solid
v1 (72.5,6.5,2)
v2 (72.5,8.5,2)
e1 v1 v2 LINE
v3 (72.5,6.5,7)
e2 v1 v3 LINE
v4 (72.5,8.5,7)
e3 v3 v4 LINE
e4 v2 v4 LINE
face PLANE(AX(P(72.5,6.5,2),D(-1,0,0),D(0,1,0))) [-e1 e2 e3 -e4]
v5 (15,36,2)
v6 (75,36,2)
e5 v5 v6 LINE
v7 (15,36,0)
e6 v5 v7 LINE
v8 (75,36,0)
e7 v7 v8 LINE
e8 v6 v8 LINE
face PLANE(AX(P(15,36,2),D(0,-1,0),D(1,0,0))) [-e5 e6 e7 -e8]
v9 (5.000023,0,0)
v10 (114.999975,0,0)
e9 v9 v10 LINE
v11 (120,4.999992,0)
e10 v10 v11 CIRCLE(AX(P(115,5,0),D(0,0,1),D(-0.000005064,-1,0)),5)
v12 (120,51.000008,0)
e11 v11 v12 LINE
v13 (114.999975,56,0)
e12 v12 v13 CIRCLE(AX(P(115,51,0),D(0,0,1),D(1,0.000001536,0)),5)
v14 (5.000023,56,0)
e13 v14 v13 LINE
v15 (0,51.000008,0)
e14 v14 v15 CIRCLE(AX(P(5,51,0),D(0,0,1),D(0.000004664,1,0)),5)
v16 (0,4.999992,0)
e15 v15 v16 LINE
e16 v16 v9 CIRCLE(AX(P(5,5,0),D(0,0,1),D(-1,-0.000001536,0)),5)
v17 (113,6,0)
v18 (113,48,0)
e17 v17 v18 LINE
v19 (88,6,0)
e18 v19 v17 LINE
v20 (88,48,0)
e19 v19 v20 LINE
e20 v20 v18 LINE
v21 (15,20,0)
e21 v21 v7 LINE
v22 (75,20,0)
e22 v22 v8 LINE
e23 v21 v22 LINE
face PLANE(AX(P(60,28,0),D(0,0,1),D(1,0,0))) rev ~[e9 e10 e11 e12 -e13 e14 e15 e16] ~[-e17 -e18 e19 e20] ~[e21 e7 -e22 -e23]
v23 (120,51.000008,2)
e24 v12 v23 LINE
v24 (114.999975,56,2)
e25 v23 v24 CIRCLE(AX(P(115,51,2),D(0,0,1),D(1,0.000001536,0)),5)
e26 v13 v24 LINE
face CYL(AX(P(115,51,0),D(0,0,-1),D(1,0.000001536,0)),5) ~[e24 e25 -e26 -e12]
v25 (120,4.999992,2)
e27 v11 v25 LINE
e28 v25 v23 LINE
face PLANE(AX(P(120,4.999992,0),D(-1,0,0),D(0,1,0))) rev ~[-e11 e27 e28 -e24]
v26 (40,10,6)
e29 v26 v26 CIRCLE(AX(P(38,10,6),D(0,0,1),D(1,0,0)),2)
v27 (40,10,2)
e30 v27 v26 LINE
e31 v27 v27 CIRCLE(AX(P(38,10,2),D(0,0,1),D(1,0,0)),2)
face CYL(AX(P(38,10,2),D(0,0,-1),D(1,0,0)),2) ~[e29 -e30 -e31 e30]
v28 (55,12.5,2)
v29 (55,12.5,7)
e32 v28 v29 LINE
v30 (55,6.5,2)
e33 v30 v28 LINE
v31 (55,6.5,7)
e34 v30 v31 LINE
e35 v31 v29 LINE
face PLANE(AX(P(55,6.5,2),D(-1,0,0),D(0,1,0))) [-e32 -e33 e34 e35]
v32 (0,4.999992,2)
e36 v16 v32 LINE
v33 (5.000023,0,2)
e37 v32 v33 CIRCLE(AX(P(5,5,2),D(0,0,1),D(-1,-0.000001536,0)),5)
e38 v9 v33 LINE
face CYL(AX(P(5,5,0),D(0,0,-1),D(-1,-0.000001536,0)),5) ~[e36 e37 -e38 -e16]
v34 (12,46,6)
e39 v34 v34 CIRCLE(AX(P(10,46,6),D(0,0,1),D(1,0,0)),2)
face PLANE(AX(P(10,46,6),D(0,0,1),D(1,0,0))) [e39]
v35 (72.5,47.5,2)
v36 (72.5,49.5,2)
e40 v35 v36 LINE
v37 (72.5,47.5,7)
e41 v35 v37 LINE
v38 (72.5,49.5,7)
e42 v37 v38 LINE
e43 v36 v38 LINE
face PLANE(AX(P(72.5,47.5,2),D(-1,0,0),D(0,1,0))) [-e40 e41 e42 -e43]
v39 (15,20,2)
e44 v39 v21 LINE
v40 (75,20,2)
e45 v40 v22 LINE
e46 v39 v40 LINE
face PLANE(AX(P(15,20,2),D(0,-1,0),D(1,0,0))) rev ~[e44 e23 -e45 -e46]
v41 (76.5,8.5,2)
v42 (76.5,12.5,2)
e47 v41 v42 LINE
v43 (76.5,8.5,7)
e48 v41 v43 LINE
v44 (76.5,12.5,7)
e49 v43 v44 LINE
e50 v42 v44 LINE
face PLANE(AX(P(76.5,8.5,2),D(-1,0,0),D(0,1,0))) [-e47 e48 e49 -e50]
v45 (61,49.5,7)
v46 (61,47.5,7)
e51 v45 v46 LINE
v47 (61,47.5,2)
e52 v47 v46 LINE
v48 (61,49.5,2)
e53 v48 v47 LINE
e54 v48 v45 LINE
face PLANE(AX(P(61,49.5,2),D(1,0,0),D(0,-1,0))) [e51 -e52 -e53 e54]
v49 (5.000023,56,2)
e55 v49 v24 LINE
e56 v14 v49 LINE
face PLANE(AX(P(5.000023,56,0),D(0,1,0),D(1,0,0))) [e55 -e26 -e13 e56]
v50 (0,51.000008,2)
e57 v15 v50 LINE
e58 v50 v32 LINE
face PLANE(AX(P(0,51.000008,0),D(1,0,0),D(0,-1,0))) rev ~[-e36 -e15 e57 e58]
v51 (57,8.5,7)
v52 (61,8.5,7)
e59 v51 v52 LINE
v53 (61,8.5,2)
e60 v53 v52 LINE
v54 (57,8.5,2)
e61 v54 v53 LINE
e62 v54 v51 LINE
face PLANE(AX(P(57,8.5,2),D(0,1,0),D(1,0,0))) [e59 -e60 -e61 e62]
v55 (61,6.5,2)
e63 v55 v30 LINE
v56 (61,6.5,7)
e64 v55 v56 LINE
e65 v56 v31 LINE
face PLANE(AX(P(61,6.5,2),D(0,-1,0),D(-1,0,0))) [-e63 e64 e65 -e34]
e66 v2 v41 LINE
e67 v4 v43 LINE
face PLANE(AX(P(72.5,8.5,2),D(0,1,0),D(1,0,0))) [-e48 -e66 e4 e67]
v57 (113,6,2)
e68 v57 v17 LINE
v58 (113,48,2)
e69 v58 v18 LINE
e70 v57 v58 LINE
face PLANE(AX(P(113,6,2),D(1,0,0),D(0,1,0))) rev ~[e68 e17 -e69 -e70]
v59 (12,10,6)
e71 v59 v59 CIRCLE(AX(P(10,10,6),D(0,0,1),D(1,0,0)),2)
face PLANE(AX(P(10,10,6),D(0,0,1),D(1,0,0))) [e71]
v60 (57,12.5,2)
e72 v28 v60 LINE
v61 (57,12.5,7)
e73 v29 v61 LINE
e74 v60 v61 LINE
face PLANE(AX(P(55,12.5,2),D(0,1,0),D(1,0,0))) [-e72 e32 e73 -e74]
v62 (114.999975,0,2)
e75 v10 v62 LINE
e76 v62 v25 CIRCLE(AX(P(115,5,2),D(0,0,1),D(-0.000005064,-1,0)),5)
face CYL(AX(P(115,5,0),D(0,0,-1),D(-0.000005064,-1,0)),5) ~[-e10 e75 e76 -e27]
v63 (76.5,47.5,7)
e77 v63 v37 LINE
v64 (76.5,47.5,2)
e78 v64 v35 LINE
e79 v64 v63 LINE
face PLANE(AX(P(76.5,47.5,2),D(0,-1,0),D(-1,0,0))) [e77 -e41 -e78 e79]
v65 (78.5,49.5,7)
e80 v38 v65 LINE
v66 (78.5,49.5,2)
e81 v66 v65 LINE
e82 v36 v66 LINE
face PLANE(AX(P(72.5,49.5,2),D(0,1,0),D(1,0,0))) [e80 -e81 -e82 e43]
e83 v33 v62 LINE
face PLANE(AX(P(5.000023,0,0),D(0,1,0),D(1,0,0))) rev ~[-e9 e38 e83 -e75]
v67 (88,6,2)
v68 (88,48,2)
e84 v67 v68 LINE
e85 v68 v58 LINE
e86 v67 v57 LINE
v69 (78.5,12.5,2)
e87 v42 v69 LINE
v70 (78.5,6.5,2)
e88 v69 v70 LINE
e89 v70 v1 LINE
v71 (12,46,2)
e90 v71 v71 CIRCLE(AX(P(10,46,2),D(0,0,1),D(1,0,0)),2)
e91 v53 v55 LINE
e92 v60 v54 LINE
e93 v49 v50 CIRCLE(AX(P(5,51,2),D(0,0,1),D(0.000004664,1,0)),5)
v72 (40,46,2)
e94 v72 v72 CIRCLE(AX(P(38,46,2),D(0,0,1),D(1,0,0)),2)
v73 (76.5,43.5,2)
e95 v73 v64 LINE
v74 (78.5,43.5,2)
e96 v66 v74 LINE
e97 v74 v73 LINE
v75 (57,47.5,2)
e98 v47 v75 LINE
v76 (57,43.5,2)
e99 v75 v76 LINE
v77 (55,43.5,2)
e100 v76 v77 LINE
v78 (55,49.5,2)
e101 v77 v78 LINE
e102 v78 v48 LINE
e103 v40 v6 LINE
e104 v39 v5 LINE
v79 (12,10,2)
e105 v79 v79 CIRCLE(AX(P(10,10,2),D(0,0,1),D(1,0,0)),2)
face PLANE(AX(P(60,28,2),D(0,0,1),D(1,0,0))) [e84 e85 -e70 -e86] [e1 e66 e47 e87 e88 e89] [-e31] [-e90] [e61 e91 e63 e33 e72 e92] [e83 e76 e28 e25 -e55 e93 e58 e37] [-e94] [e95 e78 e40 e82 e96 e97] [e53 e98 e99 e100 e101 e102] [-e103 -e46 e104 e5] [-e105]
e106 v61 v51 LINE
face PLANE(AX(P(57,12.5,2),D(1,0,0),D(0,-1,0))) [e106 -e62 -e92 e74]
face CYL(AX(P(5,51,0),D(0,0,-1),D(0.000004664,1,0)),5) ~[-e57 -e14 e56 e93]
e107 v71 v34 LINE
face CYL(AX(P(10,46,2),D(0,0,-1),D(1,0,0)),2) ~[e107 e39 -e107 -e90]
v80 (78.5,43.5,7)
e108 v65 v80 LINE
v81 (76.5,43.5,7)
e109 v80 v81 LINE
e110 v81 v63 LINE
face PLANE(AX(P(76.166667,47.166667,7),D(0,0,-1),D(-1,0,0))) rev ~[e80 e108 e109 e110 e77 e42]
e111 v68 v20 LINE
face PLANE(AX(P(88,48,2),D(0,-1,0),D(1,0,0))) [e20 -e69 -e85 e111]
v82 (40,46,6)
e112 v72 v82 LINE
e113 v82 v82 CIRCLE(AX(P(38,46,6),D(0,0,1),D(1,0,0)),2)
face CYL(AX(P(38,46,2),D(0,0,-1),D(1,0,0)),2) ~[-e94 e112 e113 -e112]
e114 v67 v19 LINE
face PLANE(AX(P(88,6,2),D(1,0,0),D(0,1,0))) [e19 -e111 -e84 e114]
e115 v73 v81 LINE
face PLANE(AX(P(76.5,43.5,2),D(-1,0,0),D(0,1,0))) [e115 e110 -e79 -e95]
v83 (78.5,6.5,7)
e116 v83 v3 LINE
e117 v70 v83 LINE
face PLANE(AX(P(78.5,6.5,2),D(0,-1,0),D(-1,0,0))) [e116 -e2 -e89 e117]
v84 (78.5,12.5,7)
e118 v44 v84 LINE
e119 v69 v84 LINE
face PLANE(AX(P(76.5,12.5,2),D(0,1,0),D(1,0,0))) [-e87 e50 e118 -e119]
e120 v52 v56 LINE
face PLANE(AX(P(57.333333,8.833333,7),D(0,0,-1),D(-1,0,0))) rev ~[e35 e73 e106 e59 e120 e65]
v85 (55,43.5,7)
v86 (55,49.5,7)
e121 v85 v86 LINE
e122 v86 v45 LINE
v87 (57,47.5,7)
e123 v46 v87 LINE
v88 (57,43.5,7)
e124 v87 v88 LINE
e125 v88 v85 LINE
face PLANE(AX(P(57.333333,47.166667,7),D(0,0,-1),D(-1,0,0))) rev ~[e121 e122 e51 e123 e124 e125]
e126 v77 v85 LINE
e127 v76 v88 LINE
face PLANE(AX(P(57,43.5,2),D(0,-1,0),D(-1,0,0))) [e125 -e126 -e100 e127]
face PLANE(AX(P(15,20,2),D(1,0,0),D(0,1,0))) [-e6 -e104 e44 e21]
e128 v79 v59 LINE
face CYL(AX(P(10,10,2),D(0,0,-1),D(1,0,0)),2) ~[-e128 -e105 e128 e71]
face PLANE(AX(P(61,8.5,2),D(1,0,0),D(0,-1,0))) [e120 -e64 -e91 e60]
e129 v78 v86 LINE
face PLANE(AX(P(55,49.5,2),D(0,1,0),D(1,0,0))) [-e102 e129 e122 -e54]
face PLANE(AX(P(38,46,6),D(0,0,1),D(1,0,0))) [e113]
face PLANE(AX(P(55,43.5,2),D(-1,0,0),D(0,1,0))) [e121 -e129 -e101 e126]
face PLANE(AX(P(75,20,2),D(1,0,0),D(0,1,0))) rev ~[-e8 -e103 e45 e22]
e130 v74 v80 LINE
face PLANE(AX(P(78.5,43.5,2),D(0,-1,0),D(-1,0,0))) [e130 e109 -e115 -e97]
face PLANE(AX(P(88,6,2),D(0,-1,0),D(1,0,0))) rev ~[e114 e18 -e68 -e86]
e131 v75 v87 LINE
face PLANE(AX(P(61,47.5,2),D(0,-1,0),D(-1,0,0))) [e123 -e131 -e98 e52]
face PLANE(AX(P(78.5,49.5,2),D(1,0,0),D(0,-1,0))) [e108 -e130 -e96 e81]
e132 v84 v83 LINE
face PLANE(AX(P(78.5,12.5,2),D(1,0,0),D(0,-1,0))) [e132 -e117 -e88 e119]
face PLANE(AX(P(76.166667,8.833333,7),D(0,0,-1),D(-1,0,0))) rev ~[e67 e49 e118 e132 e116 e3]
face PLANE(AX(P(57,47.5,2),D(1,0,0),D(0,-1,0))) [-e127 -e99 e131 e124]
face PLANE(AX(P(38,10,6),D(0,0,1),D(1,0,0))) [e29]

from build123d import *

# Parameters (mm, degrees)
PAD_DEPTH     = 2
SKETCH001_R   = 2
PAD001_DEPTH  = 4
PAD002_DEPTH  = 5
SKETCH003_W   = 60
SKETCH003_H   = 16
SKETCH003_W_2 = 25
SKETCH003_H_2 = 42
POCKET_DEPTH  = 2


with BuildPart() as part:
    # Sketch → Pad (new body)
    with BuildSketch(Plane.XY):
        with BuildLine():
            Line((5.000023, 0), (114.999975, 0))
            ThreePointArc((114.999975, 0), (118.535523, 1.464455), (120, 4.999992))
            Line((120, 4.999992), (120, 51.000008))
            ThreePointArc((120, 51.000008), (118.535523, 54.535545), (114.999975, 56))
            Line((5.000023, 56), (114.999975, 56))
            ThreePointArc((5.000023, 56), (1.464477, 54.535545), (0, 51.000008))
            Line((0, 51.000008), (0, 4.999992))
            ThreePointArc((0, 4.999992), (1.464477, 1.464455), (5.000023, 0))
        make_face()
    extrude(amount=PAD_DEPTH)

    # Sketch001 → Pad001 (new body)
    with BuildSketch(Plane.XY.offset(2)):
        with Locations((10, 46)):
            Circle(SKETCH001_R)
        with Locations((38, 46)):
            Circle(SKETCH001_R)
        with Locations((10, 10)):
            Circle(SKETCH001_R)
        with Locations((38, 10)):
            Circle(SKETCH001_R)
    extrude(amount=PAD001_DEPTH)

    # Sketch002 → Pad002 (new body)
    with BuildSketch(Plane.XY.offset(2)):
        Polygon((55, 43.5), (55, 49.5), (61, 49.5), (61, 47.5), (57, 47.5), (57, 43.5), align=None)
        Polygon((72.5, 47.5), (72.5, 49.5), (78.5, 49.5), (78.5, 43.5), (76.5, 43.5), (76.5, 47.5), align=None)
        Polygon((55, 12.5), (57, 12.5), (57, 8.5), (61, 8.5), (61, 6.5), (55, 6.5), align=None)
        Polygon((76.5, 12.5), (78.5, 12.5), (78.5, 6.5), (72.5, 6.5), (72.5, 8.5), (76.5, 8.5), align=None)
    extrude(amount=PAD002_DEPTH)

    # Sketch003 → Pocket (cut)
    with BuildSketch(Plane.XY.offset(2)):
        with Locations((45, 28)):
            Rectangle(SKETCH003_W, SKETCH003_H)
        with Locations((100.5, 27)):
            Rectangle(SKETCH003_W_2, SKETCH003_H_2)
    extrude(amount=-POCKET_DEPTH, mode=Mode.SUBTRACT)


solid = part.part
